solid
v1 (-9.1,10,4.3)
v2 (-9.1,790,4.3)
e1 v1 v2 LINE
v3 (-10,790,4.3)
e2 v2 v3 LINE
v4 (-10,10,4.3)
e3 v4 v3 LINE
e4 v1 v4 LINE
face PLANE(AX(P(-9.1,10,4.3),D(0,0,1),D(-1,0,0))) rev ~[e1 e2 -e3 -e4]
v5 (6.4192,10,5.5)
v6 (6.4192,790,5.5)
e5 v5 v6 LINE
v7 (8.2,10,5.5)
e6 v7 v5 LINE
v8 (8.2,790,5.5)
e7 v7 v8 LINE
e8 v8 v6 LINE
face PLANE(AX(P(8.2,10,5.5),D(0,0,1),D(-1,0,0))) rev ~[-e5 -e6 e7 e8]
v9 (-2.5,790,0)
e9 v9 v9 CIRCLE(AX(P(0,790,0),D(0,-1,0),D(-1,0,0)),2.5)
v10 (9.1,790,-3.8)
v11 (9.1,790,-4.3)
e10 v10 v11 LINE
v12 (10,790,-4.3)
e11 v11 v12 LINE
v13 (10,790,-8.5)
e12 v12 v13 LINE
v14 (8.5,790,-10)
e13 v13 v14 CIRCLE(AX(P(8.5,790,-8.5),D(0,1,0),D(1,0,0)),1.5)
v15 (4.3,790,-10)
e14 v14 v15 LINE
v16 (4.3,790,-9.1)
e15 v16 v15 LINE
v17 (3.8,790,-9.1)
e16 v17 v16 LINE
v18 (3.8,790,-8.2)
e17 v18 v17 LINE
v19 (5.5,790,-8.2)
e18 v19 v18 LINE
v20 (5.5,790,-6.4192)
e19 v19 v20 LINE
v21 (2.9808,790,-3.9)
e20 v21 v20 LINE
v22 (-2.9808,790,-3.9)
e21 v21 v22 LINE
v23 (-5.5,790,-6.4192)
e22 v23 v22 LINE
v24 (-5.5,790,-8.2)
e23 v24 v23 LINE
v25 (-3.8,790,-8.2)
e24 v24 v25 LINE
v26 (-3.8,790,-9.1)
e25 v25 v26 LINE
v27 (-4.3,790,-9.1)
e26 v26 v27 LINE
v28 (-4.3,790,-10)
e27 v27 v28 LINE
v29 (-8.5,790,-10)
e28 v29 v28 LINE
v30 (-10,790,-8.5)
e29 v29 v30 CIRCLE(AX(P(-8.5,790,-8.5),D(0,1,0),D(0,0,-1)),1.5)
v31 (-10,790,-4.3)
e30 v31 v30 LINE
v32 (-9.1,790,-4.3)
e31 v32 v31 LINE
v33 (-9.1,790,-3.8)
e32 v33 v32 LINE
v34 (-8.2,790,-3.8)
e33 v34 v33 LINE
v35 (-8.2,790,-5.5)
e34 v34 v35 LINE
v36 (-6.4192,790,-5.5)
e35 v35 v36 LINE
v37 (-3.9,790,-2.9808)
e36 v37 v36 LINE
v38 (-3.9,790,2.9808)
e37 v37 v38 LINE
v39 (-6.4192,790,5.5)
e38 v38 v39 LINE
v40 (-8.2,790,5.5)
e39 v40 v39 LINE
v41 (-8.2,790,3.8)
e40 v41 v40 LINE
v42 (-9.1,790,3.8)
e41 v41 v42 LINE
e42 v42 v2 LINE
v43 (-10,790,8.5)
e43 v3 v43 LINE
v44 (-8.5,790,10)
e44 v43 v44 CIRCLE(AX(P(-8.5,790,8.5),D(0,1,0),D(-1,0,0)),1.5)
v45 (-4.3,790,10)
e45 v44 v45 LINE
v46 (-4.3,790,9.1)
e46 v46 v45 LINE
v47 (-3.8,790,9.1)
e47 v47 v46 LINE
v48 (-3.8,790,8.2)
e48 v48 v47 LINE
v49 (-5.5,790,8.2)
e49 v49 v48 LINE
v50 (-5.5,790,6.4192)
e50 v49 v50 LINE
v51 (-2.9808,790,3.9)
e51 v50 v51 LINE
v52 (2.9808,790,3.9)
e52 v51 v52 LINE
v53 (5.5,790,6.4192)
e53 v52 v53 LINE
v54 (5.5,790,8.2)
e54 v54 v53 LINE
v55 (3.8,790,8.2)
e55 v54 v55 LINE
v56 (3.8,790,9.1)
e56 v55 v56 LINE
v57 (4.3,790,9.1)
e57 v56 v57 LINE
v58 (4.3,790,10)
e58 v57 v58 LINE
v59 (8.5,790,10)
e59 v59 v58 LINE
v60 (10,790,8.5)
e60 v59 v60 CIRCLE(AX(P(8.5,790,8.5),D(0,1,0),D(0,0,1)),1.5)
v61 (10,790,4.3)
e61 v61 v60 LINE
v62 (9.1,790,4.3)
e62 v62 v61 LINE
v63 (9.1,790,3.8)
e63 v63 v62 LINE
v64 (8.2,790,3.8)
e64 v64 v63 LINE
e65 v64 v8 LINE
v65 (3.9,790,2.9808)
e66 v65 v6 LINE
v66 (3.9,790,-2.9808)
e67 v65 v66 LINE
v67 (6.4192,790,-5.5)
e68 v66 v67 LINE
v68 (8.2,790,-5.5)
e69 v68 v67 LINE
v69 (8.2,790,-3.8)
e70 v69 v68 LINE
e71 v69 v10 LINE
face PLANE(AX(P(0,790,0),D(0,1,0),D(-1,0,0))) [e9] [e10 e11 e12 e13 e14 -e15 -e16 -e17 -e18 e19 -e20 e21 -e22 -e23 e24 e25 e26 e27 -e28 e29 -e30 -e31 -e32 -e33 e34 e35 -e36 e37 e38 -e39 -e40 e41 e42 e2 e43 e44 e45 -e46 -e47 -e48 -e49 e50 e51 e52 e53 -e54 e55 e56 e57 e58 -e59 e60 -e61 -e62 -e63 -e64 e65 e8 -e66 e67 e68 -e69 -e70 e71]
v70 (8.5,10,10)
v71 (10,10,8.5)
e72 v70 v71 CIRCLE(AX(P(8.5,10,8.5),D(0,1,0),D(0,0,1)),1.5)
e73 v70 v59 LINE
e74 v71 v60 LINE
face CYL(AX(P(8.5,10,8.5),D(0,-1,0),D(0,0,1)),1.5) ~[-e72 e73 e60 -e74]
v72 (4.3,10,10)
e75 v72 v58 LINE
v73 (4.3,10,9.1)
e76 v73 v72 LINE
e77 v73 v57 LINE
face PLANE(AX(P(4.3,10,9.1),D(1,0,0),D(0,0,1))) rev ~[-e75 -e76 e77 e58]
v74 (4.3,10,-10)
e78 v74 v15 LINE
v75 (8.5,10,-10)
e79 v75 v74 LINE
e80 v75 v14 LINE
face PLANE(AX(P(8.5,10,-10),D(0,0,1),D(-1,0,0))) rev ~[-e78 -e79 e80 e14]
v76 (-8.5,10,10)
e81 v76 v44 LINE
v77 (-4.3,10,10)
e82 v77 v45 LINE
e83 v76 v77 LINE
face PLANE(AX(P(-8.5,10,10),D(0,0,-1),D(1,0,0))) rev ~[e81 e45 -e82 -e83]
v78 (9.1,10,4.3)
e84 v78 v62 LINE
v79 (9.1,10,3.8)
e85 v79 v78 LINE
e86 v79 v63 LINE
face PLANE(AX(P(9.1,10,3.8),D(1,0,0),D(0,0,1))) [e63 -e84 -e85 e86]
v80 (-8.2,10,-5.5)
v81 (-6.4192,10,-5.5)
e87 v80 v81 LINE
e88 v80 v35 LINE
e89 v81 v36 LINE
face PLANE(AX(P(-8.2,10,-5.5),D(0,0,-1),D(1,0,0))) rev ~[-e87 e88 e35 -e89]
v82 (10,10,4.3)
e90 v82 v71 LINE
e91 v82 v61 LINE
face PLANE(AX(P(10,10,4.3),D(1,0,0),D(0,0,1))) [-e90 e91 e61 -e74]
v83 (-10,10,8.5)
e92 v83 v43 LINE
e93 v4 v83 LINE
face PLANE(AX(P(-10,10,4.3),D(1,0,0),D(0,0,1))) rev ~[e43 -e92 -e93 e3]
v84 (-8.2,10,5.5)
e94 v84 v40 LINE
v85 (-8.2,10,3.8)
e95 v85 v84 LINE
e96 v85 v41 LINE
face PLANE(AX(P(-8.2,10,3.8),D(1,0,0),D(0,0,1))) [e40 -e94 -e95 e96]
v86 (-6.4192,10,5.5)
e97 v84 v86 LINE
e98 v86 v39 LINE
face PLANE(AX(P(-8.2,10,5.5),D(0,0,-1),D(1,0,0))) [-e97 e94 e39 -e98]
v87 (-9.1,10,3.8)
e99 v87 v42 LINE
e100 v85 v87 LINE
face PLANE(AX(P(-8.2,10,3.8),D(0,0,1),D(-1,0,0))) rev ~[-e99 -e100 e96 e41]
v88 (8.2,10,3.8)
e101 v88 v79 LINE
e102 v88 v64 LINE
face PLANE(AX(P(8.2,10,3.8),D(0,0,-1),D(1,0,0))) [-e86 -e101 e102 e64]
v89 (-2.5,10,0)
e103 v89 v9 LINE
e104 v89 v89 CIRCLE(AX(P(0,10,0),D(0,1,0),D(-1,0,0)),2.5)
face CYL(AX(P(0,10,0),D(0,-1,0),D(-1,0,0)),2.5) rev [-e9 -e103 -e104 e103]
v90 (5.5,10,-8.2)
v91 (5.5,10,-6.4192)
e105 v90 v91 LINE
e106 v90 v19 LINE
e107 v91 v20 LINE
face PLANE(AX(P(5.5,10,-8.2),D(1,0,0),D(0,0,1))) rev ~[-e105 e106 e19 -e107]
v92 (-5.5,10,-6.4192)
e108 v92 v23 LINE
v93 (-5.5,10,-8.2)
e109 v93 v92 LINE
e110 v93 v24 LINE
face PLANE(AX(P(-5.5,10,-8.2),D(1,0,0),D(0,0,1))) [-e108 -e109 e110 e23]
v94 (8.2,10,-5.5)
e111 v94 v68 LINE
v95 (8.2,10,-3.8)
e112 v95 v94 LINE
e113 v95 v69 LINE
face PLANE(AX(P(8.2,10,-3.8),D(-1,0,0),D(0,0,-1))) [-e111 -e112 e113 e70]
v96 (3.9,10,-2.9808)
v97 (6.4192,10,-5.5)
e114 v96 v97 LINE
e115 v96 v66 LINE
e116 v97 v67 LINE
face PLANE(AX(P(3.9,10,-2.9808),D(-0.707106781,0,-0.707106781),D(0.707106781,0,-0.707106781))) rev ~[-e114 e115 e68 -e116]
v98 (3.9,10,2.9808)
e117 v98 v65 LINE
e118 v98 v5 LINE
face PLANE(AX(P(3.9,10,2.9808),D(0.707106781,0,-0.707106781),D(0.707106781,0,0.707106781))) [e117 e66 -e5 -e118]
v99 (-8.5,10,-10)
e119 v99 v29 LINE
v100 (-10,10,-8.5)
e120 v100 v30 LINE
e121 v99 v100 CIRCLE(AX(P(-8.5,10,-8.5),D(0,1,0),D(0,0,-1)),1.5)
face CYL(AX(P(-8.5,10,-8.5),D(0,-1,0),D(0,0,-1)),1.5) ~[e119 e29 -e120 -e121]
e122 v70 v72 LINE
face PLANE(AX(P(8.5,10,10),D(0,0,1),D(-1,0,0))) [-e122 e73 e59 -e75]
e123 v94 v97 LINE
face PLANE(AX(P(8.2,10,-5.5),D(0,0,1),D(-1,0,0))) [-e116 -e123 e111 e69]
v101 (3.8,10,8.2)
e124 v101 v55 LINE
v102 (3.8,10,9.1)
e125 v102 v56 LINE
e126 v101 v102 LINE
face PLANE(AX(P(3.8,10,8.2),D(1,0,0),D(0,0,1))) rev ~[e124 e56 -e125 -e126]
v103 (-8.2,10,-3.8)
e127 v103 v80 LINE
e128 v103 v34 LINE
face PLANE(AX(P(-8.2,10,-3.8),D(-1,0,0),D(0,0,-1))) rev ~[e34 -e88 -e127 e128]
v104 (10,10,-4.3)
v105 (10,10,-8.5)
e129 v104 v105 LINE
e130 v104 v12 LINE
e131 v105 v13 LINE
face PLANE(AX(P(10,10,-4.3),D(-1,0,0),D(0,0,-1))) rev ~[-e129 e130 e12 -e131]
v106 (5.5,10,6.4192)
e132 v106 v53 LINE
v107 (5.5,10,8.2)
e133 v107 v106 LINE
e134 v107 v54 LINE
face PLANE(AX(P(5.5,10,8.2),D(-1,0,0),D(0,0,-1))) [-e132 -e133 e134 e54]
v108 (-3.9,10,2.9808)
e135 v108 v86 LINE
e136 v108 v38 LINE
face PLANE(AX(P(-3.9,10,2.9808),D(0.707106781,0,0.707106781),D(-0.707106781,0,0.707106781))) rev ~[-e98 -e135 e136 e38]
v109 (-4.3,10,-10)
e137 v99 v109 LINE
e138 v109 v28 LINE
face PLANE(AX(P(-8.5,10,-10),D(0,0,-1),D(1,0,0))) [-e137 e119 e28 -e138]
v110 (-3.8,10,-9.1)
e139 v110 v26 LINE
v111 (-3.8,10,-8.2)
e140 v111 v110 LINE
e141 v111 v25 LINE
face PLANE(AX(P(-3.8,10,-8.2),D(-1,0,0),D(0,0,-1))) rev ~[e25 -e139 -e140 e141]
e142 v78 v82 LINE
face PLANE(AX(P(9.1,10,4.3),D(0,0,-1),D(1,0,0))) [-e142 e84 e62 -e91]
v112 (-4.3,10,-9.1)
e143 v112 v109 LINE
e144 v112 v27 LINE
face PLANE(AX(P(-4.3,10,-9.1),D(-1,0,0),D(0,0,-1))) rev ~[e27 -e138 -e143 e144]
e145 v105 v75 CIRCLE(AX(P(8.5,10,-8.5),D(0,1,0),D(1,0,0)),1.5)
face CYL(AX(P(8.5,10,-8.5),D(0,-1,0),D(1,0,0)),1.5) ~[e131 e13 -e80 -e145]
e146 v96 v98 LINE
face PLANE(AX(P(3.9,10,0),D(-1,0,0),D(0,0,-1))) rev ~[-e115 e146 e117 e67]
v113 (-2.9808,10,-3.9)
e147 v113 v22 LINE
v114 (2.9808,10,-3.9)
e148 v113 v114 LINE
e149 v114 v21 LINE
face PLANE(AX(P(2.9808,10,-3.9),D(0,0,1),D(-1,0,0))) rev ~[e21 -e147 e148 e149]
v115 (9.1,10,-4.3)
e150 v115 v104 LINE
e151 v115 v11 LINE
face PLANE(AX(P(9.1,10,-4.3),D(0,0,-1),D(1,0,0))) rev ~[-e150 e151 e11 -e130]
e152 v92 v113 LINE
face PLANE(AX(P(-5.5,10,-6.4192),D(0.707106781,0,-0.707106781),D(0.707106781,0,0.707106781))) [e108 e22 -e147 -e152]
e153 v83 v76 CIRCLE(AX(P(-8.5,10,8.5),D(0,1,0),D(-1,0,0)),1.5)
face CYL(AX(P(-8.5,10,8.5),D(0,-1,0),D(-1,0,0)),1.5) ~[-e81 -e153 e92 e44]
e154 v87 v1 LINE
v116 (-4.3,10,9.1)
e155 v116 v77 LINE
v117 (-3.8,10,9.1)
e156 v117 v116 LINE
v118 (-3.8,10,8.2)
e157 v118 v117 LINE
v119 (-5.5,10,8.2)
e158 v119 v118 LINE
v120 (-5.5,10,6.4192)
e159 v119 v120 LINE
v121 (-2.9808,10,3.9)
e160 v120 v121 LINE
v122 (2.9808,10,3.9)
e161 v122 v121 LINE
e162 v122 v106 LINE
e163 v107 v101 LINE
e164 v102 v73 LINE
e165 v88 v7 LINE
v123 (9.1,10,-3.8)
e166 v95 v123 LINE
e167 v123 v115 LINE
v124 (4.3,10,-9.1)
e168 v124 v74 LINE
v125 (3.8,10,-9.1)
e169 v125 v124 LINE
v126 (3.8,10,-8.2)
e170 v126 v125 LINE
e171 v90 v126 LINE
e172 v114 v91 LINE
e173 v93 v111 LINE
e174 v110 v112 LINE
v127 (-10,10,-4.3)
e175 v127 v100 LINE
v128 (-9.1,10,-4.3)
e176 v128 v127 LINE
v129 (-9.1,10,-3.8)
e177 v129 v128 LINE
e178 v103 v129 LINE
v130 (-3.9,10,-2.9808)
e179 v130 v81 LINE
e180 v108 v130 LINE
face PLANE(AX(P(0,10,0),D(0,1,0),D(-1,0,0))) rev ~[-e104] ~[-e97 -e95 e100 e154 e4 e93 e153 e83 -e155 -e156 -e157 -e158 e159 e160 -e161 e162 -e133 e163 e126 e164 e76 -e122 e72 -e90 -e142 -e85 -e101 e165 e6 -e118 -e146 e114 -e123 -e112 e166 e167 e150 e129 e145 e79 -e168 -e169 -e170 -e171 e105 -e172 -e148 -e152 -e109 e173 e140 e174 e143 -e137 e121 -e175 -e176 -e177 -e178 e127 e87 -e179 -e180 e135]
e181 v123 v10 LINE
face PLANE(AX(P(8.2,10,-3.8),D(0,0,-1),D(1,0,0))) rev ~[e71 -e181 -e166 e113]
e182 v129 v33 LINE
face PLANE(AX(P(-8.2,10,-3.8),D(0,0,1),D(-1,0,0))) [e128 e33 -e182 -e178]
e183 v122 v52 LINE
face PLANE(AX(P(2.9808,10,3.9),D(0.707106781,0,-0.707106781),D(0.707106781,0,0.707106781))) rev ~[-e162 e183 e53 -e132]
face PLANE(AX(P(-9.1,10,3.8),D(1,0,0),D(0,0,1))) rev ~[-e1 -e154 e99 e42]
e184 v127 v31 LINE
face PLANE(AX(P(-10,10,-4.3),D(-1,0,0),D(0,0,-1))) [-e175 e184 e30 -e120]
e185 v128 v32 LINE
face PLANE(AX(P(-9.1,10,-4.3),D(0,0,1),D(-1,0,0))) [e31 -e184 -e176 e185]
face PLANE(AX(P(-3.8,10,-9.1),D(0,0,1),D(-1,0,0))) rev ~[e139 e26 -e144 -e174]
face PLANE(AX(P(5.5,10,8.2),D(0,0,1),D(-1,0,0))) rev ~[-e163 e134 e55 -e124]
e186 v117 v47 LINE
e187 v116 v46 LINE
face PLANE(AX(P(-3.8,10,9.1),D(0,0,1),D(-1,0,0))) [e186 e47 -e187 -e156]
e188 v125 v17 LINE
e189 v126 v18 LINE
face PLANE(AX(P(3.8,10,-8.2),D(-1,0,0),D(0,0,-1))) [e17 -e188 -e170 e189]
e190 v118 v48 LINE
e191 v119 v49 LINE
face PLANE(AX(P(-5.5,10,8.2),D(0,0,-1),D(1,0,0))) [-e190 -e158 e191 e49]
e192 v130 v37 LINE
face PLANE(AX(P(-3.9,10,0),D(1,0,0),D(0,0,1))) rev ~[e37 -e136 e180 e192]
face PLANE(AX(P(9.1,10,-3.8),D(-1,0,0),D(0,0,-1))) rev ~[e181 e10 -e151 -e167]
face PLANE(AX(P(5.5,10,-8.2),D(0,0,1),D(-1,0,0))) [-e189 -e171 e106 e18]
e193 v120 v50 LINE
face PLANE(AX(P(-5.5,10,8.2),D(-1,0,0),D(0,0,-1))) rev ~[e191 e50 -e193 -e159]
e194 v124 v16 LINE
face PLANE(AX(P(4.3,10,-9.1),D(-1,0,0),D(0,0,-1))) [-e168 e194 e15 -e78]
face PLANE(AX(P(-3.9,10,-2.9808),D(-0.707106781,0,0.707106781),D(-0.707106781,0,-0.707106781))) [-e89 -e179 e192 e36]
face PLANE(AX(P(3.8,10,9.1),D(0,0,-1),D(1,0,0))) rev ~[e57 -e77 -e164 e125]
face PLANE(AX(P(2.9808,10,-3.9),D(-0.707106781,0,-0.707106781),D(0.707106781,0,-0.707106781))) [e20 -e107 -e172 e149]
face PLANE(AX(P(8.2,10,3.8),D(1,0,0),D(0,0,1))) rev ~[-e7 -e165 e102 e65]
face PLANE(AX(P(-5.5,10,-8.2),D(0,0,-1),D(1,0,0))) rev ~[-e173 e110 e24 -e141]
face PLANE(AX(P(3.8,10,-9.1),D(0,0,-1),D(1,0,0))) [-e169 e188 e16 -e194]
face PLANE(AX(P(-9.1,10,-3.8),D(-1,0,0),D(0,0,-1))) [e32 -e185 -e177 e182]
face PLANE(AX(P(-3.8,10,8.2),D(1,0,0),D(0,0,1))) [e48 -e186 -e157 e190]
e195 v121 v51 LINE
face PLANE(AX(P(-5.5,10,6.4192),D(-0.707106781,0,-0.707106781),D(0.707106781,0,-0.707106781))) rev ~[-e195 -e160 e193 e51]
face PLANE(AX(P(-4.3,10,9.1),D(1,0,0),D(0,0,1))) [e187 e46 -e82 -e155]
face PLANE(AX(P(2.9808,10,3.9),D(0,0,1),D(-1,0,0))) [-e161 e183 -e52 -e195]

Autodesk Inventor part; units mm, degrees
ref_plane "起始平面" through (0, 10, 0) normal (0, 1, 0) x (-1, 0, 0)
ref_plane "终止平面" through (0, 790, 0) normal (0, 1, 0) x (-1, 0, 0)
sketch "草图" plane through (0, 0, 0) normal (0, 1, 0) x (-1, 0, 0)
  line L0 (-9.1, 10.0192) -> (-9.101, 10.0203)
  line L1 (-10, 10) -> (-9.5607, 9.5607) construction
  arc A0 (-8.5, 10) -> (-10, 8.5) centre (-8.5, 8.5) ccw
  circle A1 centre (0, 0) radius 2.5
  line L2 (-2.9808, 3.9) -> (0, 3.9)
  line L3 (-3.9, 0) -> (-3.9, 2.9808)
  line L4 (-2.5, 0) -> (-3.1, 0)
  line L5 (2.9808, 3.9) -> (0, 3.9)
  circle A2 centre (0, 0) radius 2.5
  circle A3 centre (0, 0) radius 2.5
  circle A4 centre (0, 0) radius 2.5
  line L6 (0, 16.3557) -> (0, -12.0006)
  line L7 (-4.3, 9.1) -> (-4.3, 10)
  line L8 (2.9808, -3.9) -> (0, -3.9)
  line L9 (-3.9, 0) -> (-3.9, -2.9808)
  line L10 (3.9, 0) -> (3.9, -2.9808)
  line L11 (-2.9808, -3.9) -> (-5.5, -6.4192)
  line L12 (-2.9808, -3.9) -> (0, -3.9)
  line L13 (3.8, -8.2) -> (3.8, -9.1)
  line L14 (5.5, -6.4192) -> (2.9808, -3.9)
  line L15 (3.8, -9.1) -> (4.3, -9.1)
  line L16 (5.5, -8.2) -> (3.8, -8.2)
  line L17 (5.5, -8.2) -> (5.5, -6.4192)
  line L18 (3.9, -2.9808) -> (6.4192, -5.5)
  line L19 (8.2, -3.8) -> (8.2, -5.5)
  line L20 (8.2, -5.5) -> (6.4192, -5.5)
  line L21 (8.2, -3.8) -> (9.1, -3.8)
  line L22 (9.1, -3.8) -> (9.1, -4.3)
  line L23 (9.1, -4.3) -> (10, -4.3)
  line L24 (10, -4.3) -> (10, -8.5)
  arc A5 (8.5, -10) -> (10, -8.5) centre (8.5, -8.5) ccw
  line L25 (8.5, -10) -> (4.3, -10)
  line L26 (4.3, -9.1) -> (4.3, -10)
  line L27 (5.5, 6.4192) -> (2.9808, 3.9)
  line L28 (3.9, 2.9808) -> (6.4192, 5.5)
  line L29 (10, 4.3) -> (10, 8.5)
  line L30 (3.9, 0) -> (3.9, 2.9808)
  line L31 (5.5, 8.2) -> (5.5, 6.4192)
  line L32 (5.5, 8.2) -> (3.8, 8.2)
  line L33 (4.3, 9.1) -> (4.3, 10)
  arc A6 (10, 8.5) -> (8.5, 10) centre (8.5, 8.5) ccw
  line L34 (8.5, 10) -> (4.3, 10)
  line L35 (8.2, 3.8) -> (9.1, 3.8)
  line L36 (9.1, 4.3) -> (10, 4.3)
  line L37 (9.1, 3.8) -> (9.1, 4.3)
  line L38 (8.2, 3.8) -> (8.2, 5.5)
  line L39 (8.2, 5.5) -> (6.4192, 5.5)
  line L40 (3.8, 8.2) -> (3.8, 9.1)
  line L41 (3.8, 9.1) -> (4.3, 9.1)
  line L42 (-10, 4.3) -> (-10, 8.5)
  line L43 (-8.5, 10) -> (-4.3, 10)
  line L44 (-9.1, 4.3) -> (-10, 4.3)
  line L45 (-9.1, 3.8) -> (-9.1, 4.3)
  line L46 (-8.2, 3.8) -> (-9.1, 3.8)
  line L47 (-8.2, 5.5) -> (-6.4192, 5.5)
  line L48 (-8.2, 3.8) -> (-8.2, 5.5)
  line L49 (-5.5, 8.2) -> (-5.5, 6.4192)
  line L50 (-3.8, 9.1) -> (-4.3, 9.1)
  line L51 (-3.8, 8.2) -> (-3.8, 9.1)
  line L52 (-5.5, 8.2) -> (-3.8, 8.2)
  line L53 (-3.9, 2.9808) -> (-6.4192, 5.5)
  line L54 (-2.9808, 3.9) -> (-5.5, 6.4192)
  line L55 (-5.5, -8.2) -> (-3.8, -8.2)
  line L56 (-5.5, -8.2) -> (-5.5, -6.4192)
  line L57 (-3.9, -2.9808) -> (-6.4192, -5.5)
  line L58 (-3.8, -8.2) -> (-3.8, -9.1)
  line L59 (-3.8, -9.1) -> (-4.3, -9.1)
  line L60 (-4.3, -9.1) -> (-4.3, -10)
  line L61 (-8.2, -5.5) -> (-6.4192, -5.5)
  line L62 (-8.2, -3.8) -> (-9.1, -3.8)
  line L63 (-9.1, -3.8) -> (-9.1, -4.3)
  line L64 (-8.5, -10) -> (-4.3, -10)
  line L65 (-9.1, -4.3) -> (-10, -4.3)
  line L66 (-10, -4.3) -> (-10, -8.5)
  arc A7 (-10, -8.5) -> (-8.5, -10) centre (-8.5, -8.5) ccw
  line L67 (-8.2, -3.8) -> (-8.2, -5.5)
  dimension "圆角" = 1.5
  dimension "宽度" = 20
extrude "实体" add sketch "草图" along normal up to surface (780 mm away) from surface at 10 contours L43 L7 L50 L51 L52 L49 L54 L2 L6 A1 L12 L11 L56 L55 L58 L59 L60 L64 A7 L66 L65 L63 L62 L67 L61 L57 L9 L3 L53 L47 L48 L46 L45 L44 L42 A0 | L5 L27 L31 L32 L40 L41 L33 L34 A6 L29 L36 L37 L35 L38 L39 L28 L30 L10 L18 L20 L19 L21 L22 L23 L24 A5 L25 L26 L15 L13 L16 L17 L14 L8 L6 A1
sketch "草图2" plane through (0, 0, 0) normal (0, 1, 0) x (-1, 0, 0)
  line L0 (0, 0) -> (10, 0)
ref_plane "工作平面3" through (0, 0, 0) normal (0, 0, -1) x (-1, 0, 0)
sketch "草图3" plane through (0, 0, 0) normal (0, 0, -1) x (-1, 0, 0)
  line L0 (-2, 10) -> (12, 10)
  line L1 (-2, 790) -> (12, 790)
  dimension "d11" = 780
ref_plane "工作平面4" through (-4.3, 790, 900) normal (0, 1, 0) x (1, 0, 0)
split "分割1" plane through (-4.3, 790, 900) removes the side toward (0, 1, 0)
ref_plane "工作平面5" through (-8.5, 10, 900) normal (0, -1, 0) x (1, 0, 0)
split "分割2" plane through (-8.5, 10, 900) removes the side toward (0, -1, 0)
equation "\"G_L\" = d11"
properties part number "欧标 2020铝合金钢材-01"
